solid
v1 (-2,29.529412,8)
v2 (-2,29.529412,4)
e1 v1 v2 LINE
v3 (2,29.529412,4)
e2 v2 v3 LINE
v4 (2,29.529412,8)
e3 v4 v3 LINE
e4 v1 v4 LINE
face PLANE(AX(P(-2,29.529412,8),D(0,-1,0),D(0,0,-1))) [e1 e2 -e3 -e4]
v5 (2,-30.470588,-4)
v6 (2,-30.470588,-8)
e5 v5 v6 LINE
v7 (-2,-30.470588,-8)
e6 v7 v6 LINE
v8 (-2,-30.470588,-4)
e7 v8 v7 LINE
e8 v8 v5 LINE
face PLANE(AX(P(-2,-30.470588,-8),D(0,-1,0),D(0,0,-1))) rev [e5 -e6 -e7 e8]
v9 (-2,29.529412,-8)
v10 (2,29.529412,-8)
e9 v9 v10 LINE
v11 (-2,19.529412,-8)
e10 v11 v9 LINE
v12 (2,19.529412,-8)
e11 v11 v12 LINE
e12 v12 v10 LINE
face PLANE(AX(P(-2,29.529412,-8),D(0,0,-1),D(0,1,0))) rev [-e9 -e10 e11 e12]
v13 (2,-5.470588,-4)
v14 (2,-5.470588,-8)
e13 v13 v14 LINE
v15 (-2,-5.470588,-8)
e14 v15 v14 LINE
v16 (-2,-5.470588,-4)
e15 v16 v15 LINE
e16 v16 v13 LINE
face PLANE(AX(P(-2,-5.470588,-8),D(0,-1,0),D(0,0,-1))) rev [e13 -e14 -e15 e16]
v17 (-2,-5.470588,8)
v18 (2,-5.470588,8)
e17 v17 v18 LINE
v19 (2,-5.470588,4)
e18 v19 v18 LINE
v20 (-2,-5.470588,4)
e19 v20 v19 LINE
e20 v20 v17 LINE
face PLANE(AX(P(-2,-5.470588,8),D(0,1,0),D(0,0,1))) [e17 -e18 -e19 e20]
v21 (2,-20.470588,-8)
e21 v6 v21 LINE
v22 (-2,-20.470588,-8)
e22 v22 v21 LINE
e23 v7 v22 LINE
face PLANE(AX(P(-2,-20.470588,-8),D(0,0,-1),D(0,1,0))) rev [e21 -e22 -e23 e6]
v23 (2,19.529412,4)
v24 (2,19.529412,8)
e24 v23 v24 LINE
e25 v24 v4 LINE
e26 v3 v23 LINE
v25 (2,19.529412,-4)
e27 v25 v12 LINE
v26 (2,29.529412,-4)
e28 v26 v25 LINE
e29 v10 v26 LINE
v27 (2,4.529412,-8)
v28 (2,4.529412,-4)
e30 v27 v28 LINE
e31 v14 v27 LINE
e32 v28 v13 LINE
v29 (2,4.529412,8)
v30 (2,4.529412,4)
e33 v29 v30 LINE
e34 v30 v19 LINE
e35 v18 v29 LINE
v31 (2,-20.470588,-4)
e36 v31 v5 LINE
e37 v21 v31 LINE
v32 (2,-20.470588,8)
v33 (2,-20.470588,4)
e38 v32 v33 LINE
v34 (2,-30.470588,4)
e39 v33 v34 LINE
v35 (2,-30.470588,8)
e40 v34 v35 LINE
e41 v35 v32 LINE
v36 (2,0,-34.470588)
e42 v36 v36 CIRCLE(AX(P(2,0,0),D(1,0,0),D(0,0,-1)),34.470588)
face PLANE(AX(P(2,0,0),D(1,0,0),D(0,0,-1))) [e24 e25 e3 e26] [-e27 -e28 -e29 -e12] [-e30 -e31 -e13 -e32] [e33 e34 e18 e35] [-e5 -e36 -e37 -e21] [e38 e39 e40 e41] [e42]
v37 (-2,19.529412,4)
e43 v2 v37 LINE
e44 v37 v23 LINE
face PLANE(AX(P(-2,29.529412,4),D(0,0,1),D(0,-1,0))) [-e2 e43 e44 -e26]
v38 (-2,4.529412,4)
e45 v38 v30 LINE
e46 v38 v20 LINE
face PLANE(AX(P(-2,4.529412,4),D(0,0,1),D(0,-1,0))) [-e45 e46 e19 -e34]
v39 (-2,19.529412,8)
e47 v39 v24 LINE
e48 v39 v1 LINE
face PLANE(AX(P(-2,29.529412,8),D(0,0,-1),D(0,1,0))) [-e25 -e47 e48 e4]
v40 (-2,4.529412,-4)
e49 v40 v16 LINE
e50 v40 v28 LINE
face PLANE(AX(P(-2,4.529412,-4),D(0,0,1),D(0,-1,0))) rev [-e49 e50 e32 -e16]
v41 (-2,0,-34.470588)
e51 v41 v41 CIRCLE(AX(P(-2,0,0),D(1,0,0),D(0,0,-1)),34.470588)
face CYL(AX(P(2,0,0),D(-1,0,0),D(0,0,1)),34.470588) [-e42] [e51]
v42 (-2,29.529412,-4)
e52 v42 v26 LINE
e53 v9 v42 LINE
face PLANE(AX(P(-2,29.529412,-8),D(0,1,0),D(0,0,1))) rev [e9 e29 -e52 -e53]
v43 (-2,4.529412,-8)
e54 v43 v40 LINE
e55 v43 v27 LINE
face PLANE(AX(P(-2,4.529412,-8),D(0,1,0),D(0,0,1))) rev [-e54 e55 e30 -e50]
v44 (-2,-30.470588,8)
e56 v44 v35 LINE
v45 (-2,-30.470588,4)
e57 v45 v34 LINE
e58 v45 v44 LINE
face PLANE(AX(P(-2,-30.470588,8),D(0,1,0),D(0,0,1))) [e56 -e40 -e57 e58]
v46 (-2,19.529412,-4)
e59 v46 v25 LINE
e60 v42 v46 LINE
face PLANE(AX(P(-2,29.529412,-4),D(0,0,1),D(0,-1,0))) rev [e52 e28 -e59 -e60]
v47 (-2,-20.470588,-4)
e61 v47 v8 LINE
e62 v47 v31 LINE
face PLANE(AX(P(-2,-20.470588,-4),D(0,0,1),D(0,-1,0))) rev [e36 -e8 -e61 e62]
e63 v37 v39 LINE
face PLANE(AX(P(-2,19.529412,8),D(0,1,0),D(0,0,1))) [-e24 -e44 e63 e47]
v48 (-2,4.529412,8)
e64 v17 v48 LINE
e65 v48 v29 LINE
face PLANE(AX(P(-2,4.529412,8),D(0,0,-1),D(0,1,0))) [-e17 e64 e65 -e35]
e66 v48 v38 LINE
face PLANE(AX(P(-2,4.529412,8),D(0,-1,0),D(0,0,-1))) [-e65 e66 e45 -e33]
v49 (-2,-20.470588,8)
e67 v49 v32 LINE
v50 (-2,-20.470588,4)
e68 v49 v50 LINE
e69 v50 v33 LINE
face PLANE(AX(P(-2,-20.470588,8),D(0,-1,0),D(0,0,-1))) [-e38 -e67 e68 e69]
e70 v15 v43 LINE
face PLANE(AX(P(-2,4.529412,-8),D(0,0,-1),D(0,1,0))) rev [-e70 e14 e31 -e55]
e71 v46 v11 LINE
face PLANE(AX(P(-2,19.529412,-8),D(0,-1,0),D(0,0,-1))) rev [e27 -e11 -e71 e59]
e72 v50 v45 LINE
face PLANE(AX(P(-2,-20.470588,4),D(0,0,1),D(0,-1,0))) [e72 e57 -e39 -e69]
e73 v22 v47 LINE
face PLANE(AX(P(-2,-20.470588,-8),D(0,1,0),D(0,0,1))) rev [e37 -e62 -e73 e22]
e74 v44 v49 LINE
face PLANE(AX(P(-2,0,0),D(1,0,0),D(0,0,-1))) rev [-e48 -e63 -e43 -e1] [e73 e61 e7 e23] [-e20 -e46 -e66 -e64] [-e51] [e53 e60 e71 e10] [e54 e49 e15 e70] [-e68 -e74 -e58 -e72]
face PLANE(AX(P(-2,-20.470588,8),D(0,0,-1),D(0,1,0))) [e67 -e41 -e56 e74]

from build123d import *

# Parameters (mm, degrees)
SKETCH1_R           = 34.470588235
BOSS_EXTRUDE1_DEPTH = 2
SKETCH2_W           = 4
SKETCH2_H           = 10
CUT_EXTRUDE1_DEPTH  = 49.912604782


with BuildPart() as part:
    # Sketch1 → Boss-Extrude1 (new, symmetric)
    with BuildSketch(Plane(origin=(0, 0, 0), x_dir=(0, 0, -1), z_dir=(1, 0, 0))):
        Circle(SKETCH1_R)
    extrude(amount=BOSS_EXTRUDE1_DEPTH, both=True)

    # Sketch2 → Cut-Extrude1 (cut, through all)
    with BuildSketch(Plane(origin=(2, 0, 0), x_dir=(0, 0, -1), z_dir=(1, 0, 0))):
        with Locations((6, 24.529411765)):
            Rectangle(SKETCH2_W, SKETCH2_H)
        with Locations((6, -0.470588235)):
            Rectangle(SKETCH2_W, SKETCH2_H)
        with Locations((6, -25.470588235)):
            Rectangle(SKETCH2_W, SKETCH2_H)
    cut_extrude1 = extrude(amount=-CUT_EXTRUDE1_DEPTH, mode=Mode.SUBTRACT)

    # Mirror1: Cut-Extrude1 across plane
    add(cut_extrude1.mirror(Plane.XY), mode=Mode.SUBTRACT)


solid = part.part
